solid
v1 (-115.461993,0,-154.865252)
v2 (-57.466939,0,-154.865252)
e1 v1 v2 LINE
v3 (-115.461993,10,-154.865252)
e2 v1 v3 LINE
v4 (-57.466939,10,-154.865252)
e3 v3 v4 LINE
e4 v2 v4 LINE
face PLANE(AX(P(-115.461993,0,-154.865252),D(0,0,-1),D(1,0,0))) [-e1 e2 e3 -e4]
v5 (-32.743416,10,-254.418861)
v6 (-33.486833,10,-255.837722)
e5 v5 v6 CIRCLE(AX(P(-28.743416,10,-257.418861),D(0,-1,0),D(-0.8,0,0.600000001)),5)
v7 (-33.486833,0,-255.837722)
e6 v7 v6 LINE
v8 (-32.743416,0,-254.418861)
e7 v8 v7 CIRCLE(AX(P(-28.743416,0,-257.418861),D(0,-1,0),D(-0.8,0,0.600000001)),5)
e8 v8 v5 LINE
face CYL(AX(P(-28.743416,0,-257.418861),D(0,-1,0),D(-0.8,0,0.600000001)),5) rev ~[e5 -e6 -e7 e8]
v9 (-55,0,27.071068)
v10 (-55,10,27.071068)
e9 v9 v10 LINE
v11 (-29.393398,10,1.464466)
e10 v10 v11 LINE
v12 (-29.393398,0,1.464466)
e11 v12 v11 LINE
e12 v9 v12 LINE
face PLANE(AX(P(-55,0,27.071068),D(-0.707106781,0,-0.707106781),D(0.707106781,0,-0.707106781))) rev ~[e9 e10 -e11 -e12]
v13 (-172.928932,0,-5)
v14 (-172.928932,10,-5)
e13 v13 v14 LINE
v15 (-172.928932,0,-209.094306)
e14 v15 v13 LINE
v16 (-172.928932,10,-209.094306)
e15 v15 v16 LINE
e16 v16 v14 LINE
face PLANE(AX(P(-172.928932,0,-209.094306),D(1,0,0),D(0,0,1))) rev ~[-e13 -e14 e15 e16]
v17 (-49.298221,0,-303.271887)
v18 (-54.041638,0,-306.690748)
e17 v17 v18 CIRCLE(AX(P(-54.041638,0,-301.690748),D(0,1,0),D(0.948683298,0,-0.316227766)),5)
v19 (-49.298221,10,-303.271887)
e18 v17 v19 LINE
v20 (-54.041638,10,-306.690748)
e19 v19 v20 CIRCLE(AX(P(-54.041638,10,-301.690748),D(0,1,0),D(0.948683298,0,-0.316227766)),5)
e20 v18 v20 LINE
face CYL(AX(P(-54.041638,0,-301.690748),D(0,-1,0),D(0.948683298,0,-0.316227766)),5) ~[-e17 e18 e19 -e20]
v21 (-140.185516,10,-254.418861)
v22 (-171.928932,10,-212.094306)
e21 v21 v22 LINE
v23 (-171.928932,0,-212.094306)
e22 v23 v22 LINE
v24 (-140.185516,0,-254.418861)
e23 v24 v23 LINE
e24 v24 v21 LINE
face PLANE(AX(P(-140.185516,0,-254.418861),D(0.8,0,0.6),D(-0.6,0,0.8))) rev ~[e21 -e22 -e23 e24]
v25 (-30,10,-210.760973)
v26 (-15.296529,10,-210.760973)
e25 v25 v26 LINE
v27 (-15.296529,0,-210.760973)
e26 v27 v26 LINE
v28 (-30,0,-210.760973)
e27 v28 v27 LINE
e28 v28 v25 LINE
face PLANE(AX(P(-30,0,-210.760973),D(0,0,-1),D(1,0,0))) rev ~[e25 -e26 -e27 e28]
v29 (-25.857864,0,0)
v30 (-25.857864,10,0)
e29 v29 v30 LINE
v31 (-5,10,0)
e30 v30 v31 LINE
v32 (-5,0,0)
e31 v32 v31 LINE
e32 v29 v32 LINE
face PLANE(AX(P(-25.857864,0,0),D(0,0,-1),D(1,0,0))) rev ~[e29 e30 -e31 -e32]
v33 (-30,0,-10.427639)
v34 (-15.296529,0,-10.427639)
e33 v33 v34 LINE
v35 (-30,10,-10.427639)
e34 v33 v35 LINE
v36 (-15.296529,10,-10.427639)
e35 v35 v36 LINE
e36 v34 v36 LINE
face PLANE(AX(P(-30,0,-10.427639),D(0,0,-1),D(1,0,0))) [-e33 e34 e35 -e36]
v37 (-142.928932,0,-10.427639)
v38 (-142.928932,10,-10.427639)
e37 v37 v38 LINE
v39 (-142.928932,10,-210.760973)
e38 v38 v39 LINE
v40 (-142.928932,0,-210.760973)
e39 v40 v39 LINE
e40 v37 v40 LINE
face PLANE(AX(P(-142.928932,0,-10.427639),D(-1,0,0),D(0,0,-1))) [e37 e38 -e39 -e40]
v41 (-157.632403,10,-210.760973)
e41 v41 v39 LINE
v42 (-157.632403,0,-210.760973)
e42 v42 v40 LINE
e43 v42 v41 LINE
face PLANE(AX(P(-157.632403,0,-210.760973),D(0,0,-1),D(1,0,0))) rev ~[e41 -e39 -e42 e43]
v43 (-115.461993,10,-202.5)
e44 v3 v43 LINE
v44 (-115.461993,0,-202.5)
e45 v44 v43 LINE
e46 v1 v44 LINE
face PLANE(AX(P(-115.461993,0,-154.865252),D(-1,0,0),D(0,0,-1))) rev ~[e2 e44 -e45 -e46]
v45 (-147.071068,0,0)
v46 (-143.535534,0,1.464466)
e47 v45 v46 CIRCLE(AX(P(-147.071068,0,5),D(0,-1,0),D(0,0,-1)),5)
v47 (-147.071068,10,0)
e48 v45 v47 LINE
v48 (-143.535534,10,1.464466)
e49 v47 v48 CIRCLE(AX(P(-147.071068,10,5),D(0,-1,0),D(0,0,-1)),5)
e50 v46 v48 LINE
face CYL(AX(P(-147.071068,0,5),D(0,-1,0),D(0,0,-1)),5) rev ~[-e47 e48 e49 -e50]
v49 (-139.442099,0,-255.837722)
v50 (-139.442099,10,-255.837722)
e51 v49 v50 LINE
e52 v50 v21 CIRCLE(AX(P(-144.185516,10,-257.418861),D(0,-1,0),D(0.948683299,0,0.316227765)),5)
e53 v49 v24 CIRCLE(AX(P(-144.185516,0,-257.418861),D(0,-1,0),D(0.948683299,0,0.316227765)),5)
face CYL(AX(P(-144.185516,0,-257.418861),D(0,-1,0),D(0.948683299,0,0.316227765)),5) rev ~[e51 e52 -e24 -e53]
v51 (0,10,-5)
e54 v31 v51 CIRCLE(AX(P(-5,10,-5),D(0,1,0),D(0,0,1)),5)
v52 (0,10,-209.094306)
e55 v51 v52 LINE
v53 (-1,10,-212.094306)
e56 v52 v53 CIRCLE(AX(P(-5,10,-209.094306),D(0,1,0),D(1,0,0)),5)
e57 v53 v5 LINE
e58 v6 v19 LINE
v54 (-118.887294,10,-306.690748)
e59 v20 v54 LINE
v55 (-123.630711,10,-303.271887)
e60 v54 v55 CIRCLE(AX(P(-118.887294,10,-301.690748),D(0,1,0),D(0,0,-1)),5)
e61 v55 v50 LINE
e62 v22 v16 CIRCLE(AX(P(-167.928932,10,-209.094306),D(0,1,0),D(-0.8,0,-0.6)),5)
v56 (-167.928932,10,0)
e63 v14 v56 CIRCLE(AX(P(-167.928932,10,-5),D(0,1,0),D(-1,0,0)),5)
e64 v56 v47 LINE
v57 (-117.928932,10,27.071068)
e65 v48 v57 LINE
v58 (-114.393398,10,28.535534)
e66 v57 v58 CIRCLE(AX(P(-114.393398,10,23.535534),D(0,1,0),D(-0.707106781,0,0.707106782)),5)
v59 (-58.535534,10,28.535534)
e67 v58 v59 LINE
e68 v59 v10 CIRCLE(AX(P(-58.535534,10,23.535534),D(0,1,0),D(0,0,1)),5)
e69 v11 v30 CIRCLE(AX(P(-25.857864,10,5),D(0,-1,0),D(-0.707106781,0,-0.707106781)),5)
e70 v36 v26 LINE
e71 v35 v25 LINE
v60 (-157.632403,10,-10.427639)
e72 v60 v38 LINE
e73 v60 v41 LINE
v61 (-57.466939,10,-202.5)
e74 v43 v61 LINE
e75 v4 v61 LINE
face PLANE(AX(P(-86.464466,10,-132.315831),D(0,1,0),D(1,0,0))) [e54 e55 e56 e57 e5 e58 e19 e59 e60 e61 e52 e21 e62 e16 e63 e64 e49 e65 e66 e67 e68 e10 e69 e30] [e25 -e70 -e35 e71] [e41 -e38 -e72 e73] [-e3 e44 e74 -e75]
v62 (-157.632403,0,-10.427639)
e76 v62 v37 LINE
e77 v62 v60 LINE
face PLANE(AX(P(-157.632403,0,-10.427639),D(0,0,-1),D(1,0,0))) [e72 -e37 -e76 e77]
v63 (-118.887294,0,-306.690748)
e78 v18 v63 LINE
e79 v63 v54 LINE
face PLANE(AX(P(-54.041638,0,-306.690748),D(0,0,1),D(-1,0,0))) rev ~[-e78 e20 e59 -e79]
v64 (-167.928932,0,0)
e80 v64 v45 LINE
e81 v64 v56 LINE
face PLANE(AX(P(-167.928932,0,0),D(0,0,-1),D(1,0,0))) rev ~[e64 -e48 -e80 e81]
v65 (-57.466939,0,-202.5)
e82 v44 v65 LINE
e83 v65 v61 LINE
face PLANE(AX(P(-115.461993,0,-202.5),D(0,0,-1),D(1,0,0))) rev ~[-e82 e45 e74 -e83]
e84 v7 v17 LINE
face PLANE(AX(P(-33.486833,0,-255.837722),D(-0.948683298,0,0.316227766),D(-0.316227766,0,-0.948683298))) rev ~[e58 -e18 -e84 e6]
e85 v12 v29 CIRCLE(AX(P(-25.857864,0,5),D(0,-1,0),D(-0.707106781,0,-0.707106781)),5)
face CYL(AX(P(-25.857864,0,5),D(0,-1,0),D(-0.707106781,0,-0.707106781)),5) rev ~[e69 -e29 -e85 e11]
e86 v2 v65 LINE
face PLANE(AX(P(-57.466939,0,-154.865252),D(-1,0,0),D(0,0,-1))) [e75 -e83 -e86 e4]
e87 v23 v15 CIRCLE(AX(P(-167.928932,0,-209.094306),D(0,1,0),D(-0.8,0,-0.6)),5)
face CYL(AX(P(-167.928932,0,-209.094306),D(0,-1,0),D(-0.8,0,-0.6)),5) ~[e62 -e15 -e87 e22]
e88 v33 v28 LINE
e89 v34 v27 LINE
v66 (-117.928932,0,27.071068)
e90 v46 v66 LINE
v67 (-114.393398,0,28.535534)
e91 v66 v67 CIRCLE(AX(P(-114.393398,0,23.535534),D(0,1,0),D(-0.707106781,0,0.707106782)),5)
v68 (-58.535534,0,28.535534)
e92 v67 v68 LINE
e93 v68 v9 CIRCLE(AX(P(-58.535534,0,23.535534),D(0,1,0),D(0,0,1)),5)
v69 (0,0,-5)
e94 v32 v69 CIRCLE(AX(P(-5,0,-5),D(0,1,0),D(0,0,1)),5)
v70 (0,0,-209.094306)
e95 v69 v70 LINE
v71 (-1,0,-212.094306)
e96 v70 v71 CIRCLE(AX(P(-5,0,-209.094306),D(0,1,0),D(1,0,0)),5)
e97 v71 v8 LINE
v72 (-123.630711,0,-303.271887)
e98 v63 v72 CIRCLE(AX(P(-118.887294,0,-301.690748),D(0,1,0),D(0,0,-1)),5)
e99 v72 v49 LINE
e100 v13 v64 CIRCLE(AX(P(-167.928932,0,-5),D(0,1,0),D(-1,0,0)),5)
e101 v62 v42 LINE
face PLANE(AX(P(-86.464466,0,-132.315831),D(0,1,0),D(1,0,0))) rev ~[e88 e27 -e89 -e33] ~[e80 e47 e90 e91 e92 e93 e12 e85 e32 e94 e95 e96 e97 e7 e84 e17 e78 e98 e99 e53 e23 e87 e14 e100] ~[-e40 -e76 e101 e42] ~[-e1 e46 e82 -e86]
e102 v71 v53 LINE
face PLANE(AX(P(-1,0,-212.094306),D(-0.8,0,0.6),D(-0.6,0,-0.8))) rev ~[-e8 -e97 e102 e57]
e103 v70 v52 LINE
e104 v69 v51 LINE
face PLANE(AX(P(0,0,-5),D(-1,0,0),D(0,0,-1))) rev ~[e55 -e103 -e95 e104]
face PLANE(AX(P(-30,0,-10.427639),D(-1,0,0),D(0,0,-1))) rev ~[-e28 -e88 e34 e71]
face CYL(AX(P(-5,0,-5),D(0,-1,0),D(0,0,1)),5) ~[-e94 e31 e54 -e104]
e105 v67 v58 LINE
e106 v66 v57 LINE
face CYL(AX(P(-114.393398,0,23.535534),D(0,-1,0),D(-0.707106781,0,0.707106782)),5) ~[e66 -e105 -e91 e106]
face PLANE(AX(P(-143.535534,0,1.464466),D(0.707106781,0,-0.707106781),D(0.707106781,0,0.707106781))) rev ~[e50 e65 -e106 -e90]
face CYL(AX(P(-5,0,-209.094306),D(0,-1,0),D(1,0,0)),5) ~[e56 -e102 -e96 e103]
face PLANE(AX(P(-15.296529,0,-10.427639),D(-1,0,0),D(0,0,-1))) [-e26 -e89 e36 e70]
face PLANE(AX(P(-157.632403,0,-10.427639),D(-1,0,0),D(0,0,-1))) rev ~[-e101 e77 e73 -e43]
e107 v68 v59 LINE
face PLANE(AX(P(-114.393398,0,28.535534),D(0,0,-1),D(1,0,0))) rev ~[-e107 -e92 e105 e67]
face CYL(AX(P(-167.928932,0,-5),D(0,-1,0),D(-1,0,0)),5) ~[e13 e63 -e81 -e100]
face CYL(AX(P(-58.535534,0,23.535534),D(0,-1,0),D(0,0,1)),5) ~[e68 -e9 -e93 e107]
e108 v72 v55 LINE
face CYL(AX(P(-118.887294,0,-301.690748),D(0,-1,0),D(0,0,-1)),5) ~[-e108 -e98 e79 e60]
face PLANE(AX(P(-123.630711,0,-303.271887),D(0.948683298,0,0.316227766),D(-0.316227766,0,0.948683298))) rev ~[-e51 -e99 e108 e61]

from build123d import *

# Parameters (mm, degrees)
SKETCH1_W           = 14.703470952
SKETCH1_H           = 200.333333333
SKETCH1_W_2         = 57.995054435
SKETCH1_H_2         = 47.634748305
BOSS_EXTRUDE1_DEPTH = 10


with BuildPart() as part:
    # Sketch1 → Boss-Extrude1 (new body)
    with BuildSketch(Plane(origin=(0, 0, 0), x_dir=(1, 0, 0), z_dir=(0, 1, 0))):
        with BuildLine():
            Line((0, 5), (0, 209.09430585))
            ThreePointArc((0, 209.09430585), (-0.25658351, 210.67544468), (-1, 212.09430585))
            Line((-1, 212.09430585), (-32.74341649, 254.41886117))
            ThreePointArc((-32.74341649, 254.41886117), (-33.17231305, 255.098327769), (-33.486832981, 255.83772234))
            Line((-33.486832981, 255.83772234), (-49.298221281, 303.271887242))
            ThreePointArc((-49.298221281, 303.271887242), (-51.118086348, 305.746959338), (-54.041637772, 306.690748412))
            Line((-54.041637772, 306.690748412), (-118.887294417, 306.690748412))
            ThreePointArc((-118.887294417, 306.690748412), (-121.81084584, 305.746959338), (-123.630710907, 303.271887242))
            Line((-123.630710907, 303.271887242), (-139.442099208, 255.83772234))
            ThreePointArc((-139.442099208, 255.83772234), (-139.756619138, 255.098327769), (-140.185515698, 254.41886117))
            Line((-140.185515698, 254.41886117), (-171.928932188, 212.09430585))
            ThreePointArc((-171.928932188, 212.09430585), (-172.672348678, 210.67544468), (-172.928932188, 209.09430585))
            Line((-172.928932188, 209.09430585), (-172.928932188, 5))
            ThreePointArc((-172.928932188, 5), (-171.464466094, 1.464466094), (-167.928932188, 0))
            Line((-167.928932188, 0), (-147.071067812, 0))
            ThreePointArc((-147.071067812, 0), (-145.15765065, -0.380602337), (-143.535533906, -1.464466094))
            Line((-143.535533906, -1.464466094), (-117.928932188, -27.071067812))
            ThreePointArc((-117.928932188, -27.071067812), (-116.306815444, -28.154931568), (-114.393398282, -28.535533906))
            Line((-114.393398282, -28.535533906), (-58.535533906, -28.535533906))
            ThreePointArc((-58.535533906, -28.535533906), (-56.622116744, -28.154931568), (-55, -27.071067812))
            Line((-55, -27.071067812), (-29.393398282, -1.464466094))
            ThreePointArc((-29.393398282, -1.464466094), (-27.771281538, -0.380602337), (-25.857864376, 0))
            Line((-25.857864376, 0), (-5, 0))
            ThreePointArc((-5, 0), (-1.464466094, 1.464466094), (0, 5))
        make_face()
        with Locations((-22.648264524, 110.59430585)):
            Rectangle(SKETCH1_W, SKETCH1_H, mode=Mode.SUBTRACT)
        with Locations((-150.280667664, 110.59430585)):
            Rectangle(SKETCH1_W, SKETCH1_H, mode=Mode.SUBTRACT)
        with Locations((-86.464466095, 178.682625847)):
            Rectangle(SKETCH1_W_2, SKETCH1_H_2, mode=Mode.SUBTRACT)
    extrude(amount=BOSS_EXTRUDE1_DEPTH)


solid = part.part
